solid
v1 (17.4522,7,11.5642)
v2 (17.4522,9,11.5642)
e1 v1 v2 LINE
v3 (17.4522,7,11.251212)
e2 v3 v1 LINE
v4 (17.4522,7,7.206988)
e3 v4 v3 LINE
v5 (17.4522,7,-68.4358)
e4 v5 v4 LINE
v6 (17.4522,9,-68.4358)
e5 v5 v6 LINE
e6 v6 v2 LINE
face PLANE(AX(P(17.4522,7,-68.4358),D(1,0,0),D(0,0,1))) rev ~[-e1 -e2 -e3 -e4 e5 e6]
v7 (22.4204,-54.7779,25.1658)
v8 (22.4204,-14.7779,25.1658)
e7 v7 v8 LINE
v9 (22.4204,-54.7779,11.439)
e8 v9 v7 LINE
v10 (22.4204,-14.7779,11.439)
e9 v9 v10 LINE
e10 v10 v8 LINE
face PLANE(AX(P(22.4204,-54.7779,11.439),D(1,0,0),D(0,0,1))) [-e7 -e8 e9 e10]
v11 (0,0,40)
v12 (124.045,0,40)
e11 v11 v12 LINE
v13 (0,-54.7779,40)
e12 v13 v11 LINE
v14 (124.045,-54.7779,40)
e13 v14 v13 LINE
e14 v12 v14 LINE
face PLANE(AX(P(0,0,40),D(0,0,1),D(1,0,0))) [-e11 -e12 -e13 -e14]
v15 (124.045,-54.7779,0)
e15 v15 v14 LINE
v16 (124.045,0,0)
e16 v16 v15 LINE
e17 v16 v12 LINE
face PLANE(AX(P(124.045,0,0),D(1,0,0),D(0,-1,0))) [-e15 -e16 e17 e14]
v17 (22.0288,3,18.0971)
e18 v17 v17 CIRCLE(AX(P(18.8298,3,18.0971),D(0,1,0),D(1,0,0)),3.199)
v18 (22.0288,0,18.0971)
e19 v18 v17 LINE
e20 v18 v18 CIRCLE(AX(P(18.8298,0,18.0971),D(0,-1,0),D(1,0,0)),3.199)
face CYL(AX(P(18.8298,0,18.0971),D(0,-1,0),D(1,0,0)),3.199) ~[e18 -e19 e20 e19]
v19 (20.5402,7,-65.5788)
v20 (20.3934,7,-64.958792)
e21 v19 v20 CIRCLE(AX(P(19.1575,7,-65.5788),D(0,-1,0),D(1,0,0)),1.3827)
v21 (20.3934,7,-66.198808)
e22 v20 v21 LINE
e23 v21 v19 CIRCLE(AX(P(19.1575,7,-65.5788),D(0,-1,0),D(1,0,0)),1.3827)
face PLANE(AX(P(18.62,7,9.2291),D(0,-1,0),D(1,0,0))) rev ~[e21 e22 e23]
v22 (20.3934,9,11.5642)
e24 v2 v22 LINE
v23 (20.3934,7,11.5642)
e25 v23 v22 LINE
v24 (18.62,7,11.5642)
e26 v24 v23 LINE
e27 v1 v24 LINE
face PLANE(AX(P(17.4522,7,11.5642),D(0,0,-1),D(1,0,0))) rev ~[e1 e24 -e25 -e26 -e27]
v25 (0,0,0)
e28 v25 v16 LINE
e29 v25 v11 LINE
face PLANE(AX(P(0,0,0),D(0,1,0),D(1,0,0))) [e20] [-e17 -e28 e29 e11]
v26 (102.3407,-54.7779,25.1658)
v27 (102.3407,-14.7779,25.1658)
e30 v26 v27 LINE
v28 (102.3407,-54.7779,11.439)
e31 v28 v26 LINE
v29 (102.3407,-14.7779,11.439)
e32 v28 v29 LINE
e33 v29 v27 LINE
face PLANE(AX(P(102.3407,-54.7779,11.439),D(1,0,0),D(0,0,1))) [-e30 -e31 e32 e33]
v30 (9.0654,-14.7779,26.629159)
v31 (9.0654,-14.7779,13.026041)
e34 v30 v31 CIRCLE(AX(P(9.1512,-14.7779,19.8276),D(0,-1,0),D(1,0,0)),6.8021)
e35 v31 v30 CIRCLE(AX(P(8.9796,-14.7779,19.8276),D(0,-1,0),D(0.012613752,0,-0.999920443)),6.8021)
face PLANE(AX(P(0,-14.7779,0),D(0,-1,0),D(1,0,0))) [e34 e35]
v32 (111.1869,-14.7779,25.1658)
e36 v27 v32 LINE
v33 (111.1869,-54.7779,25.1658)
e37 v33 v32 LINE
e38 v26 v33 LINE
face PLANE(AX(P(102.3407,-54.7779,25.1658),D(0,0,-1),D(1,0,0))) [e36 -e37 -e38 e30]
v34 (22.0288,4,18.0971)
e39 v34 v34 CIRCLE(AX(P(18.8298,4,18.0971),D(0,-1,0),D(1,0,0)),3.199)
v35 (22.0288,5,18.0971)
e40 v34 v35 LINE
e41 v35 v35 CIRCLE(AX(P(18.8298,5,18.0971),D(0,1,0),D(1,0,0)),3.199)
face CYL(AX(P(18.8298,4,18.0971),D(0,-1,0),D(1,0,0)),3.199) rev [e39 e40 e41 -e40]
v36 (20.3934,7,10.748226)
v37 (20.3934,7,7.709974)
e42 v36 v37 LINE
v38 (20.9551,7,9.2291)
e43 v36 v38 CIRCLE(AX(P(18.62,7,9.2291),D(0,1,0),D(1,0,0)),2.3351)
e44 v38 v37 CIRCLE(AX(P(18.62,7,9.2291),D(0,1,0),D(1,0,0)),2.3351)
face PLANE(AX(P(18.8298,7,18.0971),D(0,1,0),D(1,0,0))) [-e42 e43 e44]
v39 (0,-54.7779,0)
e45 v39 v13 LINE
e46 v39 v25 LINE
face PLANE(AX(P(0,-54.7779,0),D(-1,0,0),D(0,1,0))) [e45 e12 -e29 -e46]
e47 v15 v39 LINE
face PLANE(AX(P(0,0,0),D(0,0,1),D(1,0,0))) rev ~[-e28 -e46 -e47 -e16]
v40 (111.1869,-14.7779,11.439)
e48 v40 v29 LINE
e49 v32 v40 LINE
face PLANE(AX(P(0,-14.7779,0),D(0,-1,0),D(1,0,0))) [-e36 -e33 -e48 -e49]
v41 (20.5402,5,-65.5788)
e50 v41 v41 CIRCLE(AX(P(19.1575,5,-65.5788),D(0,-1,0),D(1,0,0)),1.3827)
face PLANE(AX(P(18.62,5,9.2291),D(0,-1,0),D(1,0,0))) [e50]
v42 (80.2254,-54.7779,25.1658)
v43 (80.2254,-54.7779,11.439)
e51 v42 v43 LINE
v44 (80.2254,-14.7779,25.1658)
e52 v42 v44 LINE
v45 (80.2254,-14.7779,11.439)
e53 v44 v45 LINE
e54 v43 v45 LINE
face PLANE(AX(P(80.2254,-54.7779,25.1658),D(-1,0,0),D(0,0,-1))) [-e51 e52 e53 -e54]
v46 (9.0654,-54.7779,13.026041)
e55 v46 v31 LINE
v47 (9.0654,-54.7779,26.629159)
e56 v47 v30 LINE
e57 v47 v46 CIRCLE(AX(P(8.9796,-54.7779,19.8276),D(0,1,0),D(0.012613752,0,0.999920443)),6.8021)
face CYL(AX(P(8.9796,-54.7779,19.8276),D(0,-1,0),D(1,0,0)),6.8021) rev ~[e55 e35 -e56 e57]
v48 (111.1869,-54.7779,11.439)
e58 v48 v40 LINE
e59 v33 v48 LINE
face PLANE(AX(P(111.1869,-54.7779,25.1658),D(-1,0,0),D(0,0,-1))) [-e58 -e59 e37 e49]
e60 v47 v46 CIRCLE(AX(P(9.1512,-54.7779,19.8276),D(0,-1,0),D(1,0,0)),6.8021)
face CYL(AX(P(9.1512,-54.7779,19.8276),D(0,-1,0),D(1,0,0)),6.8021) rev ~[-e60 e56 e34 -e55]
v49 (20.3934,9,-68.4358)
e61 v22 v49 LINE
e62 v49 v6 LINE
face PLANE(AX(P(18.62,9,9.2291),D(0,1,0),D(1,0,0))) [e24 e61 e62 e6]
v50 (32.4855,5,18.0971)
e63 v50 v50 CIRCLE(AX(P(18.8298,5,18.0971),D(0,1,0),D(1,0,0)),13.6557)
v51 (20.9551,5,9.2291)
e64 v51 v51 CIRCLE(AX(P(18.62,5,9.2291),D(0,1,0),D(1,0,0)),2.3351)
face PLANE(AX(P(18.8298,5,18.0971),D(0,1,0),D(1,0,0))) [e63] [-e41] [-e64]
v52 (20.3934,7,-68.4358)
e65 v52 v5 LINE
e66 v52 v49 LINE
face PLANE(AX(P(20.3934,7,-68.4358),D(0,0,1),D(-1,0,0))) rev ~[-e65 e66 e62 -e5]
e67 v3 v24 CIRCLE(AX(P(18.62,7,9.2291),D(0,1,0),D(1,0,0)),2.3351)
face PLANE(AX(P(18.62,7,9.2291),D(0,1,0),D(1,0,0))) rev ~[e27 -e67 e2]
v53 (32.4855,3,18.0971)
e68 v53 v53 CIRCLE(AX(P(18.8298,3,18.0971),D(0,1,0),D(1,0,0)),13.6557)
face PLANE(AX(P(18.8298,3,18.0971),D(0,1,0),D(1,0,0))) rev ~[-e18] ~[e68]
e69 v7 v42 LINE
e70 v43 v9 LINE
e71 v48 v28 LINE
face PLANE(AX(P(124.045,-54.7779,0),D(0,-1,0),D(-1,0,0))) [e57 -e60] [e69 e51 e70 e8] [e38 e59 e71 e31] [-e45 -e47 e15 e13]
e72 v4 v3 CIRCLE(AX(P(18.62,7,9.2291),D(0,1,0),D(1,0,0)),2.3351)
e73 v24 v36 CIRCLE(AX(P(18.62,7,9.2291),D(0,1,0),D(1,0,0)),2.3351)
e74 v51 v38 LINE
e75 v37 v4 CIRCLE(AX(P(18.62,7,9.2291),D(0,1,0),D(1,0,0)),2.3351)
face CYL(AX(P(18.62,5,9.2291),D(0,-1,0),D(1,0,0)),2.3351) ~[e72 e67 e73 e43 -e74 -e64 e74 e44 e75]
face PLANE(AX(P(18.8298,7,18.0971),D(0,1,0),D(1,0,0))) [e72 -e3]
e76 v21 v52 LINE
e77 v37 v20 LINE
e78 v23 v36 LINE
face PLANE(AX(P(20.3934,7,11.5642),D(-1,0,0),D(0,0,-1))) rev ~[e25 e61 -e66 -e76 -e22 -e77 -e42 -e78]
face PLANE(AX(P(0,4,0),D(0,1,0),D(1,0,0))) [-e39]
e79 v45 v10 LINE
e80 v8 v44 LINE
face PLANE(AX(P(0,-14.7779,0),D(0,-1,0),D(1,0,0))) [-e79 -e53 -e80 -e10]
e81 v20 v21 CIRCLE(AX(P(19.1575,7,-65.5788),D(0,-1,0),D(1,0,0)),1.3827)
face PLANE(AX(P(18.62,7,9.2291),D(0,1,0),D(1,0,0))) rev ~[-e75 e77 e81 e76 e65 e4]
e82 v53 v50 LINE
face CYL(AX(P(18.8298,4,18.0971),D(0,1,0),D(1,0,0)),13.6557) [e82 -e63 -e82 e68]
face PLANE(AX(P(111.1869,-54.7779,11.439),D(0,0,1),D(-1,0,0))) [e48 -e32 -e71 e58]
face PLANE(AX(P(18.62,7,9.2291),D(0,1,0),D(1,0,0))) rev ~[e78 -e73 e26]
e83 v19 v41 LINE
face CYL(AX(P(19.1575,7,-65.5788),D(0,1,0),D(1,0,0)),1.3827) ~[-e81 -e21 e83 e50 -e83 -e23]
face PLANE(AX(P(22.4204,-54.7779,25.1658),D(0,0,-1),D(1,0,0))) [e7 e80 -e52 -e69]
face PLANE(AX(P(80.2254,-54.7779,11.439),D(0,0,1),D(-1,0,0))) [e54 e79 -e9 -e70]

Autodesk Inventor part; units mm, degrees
ref_plane "YZ Plane" through (0, 0, 0) normal (1, 0, 0) x (0, 1, 0)
ref_plane "XZ Plane" through (0, 0, 0) normal (0, 1, 0) x (-1, 0, 0)
ref_plane "XY Plane" through (0, 0, 0) normal (0, 0, 1) x (1, 0, 0)
sketch "Sketch1" plane through (0, 0, 0) normal (0, 0, 1) x (1, 0, 0)
  line L0 (0, 0) -> (124.045, 0)
  line L1 (124.045, 0) -> (124.045, -54.7779)
  line L2 (124.045, -54.7779) -> (0, -54.7779)
  line L3 (0, -54.7779) -> (0, 0)
extrude "Extrusion1" add sketch "Sketch1" along normal blind 40
sketch "Sketch2" plane through (0, -54.7779, 0) normal (0, -1, 0) x (1, 0, 0)
  circle A0 centre (9.1512, 19.8276) radius 6.8021
  circle A1 centre (8.9796, 19.8276) radius 6.8021
  line L0 (22.4204, 25.1658) -> (80.2254, 25.1658)
  line L1 (80.2254, 25.1658) -> (80.2254, 11.439)
  line L2 (80.2254, 11.439) -> (22.4204, 11.439)
  line L3 (22.4204, 11.439) -> (22.4204, 25.1658)
  line L4 (102.3407, 25.1658) -> (111.1869, 25.1658)
  line L5 (111.1869, 25.1658) -> (111.1869, 11.439)
  line L6 (111.1869, 11.439) -> (102.3407, 11.439)
  line L7 (102.3407, 11.439) -> (102.3407, 25.1658)
  point P0 (0, 0)
  point P1 (9.0654, 26.6291)
  point P2 (9.0654, 13.026)
extrude "Extrusion2" cut sketch "Sketch2" against normal blind 40 contours A1 A0 | L0 L1 L2 L3 | L4 L5 L6 L7 picked at (6.8592, 19.8276)
sketch "Sketch3" plane through (0, 0, 0) normal (0, 1, 0) x (1, 0, 0)
  circle A0 centre (18.8298, -18.0971) radius 3.199
  arc A1 (9.0654, -26.6291) -> (9.0654, -13.026) centre (8.9796, -19.8276) ccw projected
  point P0 (0, 0)
extrude "Extrusion3" add sketch "Sketch3" along normal blind 4
sketch "Sketch4" plane through (18.8298, 4, 18.0971) normal (0, 1, 0) x (1, 0, 0)
  circle A0 centre (0, 0) radius 3.199 projected
  circle A1 centre (0, 0) radius 13.6557
  point P0 (-18.8298, 18.0971)
extrude "Extrusion4" add sketch "Sketch4" along normal mid plane 2
sketch "Sketch5" plane through (18.8298, 5, 18.0971) normal (0, 1, 0) x (1, 0, 0)
  circle A0 centre (-0.2098, 8.868) radius 2.3351
  point P0 (-18.8298, 18.0971)
extrude "Extrusion5" add sketch "Sketch5" along normal blind 2
sketch "Sketch6" plane through (18.62, 7, 9.2291) normal (0, 1, 0) x (1, 0, 0)
  line L0 (1.7734, 77.6649) -> (-1.1678, 77.6649)
  line L1 (-1.1678, 77.6649) -> (-1.1678, -2.3351)
  line L2 (-1.1678, -2.3351) -> (1.7734, -2.3351)
  line L3 (1.7734, -2.3351) -> (1.7734, 77.6649)
  line L4 (1.7734, 77.6649) -> (-1.1678, -2.3351) construction
  line L5 (-1.1678, 77.6649) -> (1.7734, -2.3351) construction
  point P0 (-18.62, 9.2291)
  point P1 (0.3028, 37.6649)
  dimension "d10" = 80
extrude "Extrusion6" add sketch "Sketch6" along normal blind 2
sketch "Sketch7" plane through (0, 0, 0) normal (0, 0, -1) x (-1, 0, 0)
  point P0 (0, 0)
sketch "Sketch8" plane through (18.62, 7, 9.2291) normal (0, -1, 0) x (1, 0, 0)
  circle A0 centre (0.5375, -74.8079) radius 1.3827
  point P0 (-18.62, -9.2291)
extrude "Extrusion7" add sketch "Sketch8" along normal blind 2
properties part number "fnal"
